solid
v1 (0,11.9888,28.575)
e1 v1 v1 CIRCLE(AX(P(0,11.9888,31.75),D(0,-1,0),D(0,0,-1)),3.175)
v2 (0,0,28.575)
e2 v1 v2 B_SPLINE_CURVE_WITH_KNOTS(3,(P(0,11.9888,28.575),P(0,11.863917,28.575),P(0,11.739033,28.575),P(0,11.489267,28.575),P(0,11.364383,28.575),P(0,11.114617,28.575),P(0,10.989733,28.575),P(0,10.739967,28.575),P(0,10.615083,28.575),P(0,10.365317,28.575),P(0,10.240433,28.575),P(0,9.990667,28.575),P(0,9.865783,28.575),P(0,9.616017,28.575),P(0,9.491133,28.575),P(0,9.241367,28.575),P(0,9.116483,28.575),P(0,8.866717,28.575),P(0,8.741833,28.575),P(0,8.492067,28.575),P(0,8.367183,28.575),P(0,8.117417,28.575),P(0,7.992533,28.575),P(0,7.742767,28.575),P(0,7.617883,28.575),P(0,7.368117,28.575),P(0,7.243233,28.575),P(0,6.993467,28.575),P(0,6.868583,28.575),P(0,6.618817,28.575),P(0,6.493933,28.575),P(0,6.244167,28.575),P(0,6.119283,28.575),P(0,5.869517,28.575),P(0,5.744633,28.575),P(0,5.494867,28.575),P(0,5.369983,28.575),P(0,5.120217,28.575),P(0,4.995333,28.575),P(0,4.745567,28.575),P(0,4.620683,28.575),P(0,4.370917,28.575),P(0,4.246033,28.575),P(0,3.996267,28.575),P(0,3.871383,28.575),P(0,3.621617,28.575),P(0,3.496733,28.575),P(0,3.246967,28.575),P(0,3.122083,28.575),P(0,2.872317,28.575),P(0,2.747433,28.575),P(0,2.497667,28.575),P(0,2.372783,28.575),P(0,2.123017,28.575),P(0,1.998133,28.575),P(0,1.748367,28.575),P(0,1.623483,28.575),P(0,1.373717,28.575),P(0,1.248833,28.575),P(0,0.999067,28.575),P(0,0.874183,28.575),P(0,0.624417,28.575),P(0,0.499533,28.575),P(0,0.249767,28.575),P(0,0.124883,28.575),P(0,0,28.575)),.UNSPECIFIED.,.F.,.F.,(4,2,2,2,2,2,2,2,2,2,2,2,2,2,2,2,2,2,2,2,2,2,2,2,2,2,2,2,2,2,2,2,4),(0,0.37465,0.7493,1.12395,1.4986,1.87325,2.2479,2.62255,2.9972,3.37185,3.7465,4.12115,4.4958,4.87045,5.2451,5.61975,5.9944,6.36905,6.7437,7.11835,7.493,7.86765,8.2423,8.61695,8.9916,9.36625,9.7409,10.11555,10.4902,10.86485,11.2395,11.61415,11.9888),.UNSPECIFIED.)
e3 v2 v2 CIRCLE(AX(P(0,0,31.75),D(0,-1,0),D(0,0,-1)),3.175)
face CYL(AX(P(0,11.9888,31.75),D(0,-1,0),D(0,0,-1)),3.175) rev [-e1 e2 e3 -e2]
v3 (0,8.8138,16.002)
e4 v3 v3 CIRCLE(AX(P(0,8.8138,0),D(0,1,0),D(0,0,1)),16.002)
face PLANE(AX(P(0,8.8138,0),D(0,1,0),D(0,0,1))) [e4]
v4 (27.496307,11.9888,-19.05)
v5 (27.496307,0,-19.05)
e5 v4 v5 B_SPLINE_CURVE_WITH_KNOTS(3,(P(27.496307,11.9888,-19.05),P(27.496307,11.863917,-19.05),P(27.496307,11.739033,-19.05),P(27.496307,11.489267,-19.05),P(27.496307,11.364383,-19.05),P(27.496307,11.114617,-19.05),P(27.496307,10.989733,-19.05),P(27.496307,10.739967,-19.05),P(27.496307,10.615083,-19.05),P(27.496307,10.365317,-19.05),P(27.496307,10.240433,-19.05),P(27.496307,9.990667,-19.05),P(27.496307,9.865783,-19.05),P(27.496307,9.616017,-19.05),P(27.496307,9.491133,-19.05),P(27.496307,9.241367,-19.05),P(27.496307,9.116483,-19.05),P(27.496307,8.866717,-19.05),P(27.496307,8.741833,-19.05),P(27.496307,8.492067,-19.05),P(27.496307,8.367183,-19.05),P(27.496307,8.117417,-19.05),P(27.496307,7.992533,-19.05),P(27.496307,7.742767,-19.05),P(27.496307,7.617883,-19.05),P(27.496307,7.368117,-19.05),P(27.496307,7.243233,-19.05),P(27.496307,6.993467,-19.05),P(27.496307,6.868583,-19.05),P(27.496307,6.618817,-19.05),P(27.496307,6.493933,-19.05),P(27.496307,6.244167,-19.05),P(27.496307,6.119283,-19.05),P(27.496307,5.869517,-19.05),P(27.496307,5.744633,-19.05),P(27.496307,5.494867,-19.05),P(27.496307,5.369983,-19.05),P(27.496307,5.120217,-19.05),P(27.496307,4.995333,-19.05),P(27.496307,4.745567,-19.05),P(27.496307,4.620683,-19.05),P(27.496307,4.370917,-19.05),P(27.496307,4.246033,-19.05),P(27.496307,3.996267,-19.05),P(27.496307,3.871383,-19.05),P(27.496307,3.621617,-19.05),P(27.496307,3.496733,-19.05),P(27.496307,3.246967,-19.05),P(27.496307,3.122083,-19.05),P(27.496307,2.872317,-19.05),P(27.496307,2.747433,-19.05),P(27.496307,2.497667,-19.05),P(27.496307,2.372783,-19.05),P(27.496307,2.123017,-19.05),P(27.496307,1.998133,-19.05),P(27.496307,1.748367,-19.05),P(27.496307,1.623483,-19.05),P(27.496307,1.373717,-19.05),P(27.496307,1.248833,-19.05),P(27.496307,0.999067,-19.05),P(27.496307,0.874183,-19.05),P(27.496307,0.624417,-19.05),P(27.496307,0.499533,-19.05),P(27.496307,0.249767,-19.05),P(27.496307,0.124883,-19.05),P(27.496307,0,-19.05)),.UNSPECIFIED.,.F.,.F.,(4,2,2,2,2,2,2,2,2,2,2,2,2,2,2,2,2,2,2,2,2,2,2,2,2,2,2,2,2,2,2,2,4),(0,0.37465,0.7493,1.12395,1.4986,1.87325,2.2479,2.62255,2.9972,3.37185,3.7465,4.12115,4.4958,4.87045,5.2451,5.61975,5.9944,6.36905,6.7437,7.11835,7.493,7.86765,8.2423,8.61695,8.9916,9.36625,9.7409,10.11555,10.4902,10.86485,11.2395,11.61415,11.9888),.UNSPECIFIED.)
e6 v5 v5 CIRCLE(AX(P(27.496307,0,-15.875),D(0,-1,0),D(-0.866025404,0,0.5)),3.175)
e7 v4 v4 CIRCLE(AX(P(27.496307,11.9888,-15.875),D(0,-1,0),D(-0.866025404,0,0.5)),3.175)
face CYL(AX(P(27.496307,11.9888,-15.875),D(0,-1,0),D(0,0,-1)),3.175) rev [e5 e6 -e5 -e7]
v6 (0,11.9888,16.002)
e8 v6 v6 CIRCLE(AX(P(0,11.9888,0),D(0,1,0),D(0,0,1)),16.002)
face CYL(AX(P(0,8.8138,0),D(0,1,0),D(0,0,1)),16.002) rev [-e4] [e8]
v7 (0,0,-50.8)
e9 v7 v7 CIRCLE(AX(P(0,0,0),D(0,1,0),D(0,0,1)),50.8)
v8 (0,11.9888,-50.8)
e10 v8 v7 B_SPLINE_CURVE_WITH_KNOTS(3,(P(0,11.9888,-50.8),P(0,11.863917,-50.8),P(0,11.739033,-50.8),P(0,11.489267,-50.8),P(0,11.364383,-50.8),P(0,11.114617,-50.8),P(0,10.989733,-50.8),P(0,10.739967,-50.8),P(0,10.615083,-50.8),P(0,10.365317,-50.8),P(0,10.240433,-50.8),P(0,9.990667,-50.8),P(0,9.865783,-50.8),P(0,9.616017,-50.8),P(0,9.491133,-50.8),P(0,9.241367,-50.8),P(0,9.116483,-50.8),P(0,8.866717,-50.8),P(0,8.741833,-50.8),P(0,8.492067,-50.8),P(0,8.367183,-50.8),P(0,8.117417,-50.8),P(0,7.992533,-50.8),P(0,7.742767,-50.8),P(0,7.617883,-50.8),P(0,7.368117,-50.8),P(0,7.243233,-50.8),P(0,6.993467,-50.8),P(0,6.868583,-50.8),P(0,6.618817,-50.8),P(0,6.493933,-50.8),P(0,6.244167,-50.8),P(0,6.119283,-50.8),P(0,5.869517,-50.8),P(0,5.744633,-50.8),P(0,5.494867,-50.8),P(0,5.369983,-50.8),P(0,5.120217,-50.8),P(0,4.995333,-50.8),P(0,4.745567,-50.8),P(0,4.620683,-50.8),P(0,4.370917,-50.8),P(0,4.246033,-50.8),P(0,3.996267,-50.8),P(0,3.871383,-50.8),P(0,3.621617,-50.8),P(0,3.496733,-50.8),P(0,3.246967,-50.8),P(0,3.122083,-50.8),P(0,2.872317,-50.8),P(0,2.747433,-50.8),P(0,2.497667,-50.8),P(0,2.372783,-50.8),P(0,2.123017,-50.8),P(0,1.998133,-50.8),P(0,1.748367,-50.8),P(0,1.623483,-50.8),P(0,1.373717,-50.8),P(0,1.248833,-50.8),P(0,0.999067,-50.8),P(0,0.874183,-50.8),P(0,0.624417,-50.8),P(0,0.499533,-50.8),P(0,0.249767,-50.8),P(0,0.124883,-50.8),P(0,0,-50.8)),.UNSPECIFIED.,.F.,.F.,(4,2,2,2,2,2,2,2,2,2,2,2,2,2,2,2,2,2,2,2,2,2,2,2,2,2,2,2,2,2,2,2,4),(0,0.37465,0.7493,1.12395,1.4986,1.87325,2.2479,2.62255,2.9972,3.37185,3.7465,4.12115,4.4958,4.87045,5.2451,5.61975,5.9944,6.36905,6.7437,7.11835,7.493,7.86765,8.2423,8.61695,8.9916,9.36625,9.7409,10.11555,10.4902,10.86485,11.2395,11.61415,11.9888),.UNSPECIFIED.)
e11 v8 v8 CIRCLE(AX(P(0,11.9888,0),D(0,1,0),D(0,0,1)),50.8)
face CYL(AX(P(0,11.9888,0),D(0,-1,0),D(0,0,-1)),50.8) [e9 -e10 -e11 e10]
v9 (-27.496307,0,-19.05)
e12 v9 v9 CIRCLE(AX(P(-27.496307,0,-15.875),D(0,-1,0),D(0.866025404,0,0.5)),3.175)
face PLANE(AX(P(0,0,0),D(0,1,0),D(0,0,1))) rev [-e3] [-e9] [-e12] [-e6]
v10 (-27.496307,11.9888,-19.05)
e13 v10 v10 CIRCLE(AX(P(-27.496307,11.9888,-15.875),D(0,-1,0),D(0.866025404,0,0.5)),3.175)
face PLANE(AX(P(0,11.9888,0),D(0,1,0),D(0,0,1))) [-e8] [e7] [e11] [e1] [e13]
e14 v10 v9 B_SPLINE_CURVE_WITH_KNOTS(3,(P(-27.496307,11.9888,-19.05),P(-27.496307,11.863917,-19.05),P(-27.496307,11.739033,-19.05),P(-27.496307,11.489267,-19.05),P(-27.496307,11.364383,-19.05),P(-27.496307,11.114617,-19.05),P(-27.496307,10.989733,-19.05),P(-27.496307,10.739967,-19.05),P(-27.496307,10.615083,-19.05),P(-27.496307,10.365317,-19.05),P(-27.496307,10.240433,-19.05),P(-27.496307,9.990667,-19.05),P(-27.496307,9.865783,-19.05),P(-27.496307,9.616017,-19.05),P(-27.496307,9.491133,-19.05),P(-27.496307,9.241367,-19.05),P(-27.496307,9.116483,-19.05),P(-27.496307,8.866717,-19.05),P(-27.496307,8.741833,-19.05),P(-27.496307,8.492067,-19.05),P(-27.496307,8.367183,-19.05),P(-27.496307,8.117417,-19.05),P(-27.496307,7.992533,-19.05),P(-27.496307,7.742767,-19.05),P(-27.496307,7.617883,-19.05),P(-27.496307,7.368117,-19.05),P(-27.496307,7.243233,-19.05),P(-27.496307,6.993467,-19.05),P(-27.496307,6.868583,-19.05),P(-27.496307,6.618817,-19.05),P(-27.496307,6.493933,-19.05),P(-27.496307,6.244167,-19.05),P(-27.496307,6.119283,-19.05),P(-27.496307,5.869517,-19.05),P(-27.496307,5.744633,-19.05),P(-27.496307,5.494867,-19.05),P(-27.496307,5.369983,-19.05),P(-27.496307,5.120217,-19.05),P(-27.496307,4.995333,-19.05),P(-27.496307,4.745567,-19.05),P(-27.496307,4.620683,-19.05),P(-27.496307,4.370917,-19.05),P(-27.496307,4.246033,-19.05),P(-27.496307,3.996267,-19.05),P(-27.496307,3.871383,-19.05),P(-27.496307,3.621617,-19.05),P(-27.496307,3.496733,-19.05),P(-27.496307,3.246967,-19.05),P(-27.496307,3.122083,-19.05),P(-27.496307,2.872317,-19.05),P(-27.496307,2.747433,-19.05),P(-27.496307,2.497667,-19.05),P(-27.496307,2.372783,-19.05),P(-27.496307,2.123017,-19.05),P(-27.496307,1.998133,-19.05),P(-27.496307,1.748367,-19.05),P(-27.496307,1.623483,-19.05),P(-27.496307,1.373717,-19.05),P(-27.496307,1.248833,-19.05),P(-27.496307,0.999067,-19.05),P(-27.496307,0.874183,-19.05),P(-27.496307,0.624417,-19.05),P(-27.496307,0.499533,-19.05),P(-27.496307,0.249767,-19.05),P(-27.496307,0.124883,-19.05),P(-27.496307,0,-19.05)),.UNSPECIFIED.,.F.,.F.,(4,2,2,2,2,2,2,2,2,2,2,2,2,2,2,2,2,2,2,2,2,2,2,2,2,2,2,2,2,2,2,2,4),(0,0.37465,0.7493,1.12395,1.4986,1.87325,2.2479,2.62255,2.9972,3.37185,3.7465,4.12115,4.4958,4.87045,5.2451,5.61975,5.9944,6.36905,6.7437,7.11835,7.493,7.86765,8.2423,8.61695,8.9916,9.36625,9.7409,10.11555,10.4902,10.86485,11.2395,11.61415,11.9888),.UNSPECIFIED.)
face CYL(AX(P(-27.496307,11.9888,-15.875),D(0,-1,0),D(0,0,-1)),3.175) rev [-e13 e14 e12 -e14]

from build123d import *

# Parameters (mm, degrees)
SKETCH1_R           = 50.8
BOSS_EXTRUDE1_DEPTH = 11.9888
SKETCH3_R           = 3.175
CUT_EXTRUDE1_DEPTH  = 73.835508685
CIRPATTERN1_COUNT   = 3
SKETCH4_R           = 16.002
CUT_EXTRUDE2_DEPTH  = 3.175


with BuildPart() as part:
    # Sketch1 → Boss-Extrude1 (new body)
    with BuildSketch(Plane(origin=(0, 0, 0), x_dir=(1, 0, 0), z_dir=(0, 1, 0))):
        Circle(SKETCH1_R)
    extrude(amount=BOSS_EXTRUDE1_DEPTH)

    # Sketch3 → Cut-Extrude1 (cut, through all)
    with BuildSketch(Plane.XZ):
        with Locations((0, 31.75)):
            Circle(SKETCH3_R)
    cut_extrude1 = extrude(amount=-CUT_EXTRUDE1_DEPTH, mode=Mode.SUBTRACT)

    # CirPattern1: Cut-Extrude1 ×3 about axis
    cirpattern1_axis = Axis((0, 0, 0), (0, -1, 0))
    for i in range(1, CIRPATTERN1_COUNT):
        add(cut_extrude1.rotate(cirpattern1_axis, i * 360 / CIRPATTERN1_COUNT), mode=Mode.SUBTRACT)

    # Sketch4 → Cut-Extrude2 (cut)
    with BuildSketch(Plane(origin=(0, 11.9888, 0), x_dir=(1, 0, 0), z_dir=(0, 1, 0))):
        Circle(SKETCH4_R)
    extrude(amount=-CUT_EXTRUDE2_DEPTH, mode=Mode.SUBTRACT)


solid = part.part
